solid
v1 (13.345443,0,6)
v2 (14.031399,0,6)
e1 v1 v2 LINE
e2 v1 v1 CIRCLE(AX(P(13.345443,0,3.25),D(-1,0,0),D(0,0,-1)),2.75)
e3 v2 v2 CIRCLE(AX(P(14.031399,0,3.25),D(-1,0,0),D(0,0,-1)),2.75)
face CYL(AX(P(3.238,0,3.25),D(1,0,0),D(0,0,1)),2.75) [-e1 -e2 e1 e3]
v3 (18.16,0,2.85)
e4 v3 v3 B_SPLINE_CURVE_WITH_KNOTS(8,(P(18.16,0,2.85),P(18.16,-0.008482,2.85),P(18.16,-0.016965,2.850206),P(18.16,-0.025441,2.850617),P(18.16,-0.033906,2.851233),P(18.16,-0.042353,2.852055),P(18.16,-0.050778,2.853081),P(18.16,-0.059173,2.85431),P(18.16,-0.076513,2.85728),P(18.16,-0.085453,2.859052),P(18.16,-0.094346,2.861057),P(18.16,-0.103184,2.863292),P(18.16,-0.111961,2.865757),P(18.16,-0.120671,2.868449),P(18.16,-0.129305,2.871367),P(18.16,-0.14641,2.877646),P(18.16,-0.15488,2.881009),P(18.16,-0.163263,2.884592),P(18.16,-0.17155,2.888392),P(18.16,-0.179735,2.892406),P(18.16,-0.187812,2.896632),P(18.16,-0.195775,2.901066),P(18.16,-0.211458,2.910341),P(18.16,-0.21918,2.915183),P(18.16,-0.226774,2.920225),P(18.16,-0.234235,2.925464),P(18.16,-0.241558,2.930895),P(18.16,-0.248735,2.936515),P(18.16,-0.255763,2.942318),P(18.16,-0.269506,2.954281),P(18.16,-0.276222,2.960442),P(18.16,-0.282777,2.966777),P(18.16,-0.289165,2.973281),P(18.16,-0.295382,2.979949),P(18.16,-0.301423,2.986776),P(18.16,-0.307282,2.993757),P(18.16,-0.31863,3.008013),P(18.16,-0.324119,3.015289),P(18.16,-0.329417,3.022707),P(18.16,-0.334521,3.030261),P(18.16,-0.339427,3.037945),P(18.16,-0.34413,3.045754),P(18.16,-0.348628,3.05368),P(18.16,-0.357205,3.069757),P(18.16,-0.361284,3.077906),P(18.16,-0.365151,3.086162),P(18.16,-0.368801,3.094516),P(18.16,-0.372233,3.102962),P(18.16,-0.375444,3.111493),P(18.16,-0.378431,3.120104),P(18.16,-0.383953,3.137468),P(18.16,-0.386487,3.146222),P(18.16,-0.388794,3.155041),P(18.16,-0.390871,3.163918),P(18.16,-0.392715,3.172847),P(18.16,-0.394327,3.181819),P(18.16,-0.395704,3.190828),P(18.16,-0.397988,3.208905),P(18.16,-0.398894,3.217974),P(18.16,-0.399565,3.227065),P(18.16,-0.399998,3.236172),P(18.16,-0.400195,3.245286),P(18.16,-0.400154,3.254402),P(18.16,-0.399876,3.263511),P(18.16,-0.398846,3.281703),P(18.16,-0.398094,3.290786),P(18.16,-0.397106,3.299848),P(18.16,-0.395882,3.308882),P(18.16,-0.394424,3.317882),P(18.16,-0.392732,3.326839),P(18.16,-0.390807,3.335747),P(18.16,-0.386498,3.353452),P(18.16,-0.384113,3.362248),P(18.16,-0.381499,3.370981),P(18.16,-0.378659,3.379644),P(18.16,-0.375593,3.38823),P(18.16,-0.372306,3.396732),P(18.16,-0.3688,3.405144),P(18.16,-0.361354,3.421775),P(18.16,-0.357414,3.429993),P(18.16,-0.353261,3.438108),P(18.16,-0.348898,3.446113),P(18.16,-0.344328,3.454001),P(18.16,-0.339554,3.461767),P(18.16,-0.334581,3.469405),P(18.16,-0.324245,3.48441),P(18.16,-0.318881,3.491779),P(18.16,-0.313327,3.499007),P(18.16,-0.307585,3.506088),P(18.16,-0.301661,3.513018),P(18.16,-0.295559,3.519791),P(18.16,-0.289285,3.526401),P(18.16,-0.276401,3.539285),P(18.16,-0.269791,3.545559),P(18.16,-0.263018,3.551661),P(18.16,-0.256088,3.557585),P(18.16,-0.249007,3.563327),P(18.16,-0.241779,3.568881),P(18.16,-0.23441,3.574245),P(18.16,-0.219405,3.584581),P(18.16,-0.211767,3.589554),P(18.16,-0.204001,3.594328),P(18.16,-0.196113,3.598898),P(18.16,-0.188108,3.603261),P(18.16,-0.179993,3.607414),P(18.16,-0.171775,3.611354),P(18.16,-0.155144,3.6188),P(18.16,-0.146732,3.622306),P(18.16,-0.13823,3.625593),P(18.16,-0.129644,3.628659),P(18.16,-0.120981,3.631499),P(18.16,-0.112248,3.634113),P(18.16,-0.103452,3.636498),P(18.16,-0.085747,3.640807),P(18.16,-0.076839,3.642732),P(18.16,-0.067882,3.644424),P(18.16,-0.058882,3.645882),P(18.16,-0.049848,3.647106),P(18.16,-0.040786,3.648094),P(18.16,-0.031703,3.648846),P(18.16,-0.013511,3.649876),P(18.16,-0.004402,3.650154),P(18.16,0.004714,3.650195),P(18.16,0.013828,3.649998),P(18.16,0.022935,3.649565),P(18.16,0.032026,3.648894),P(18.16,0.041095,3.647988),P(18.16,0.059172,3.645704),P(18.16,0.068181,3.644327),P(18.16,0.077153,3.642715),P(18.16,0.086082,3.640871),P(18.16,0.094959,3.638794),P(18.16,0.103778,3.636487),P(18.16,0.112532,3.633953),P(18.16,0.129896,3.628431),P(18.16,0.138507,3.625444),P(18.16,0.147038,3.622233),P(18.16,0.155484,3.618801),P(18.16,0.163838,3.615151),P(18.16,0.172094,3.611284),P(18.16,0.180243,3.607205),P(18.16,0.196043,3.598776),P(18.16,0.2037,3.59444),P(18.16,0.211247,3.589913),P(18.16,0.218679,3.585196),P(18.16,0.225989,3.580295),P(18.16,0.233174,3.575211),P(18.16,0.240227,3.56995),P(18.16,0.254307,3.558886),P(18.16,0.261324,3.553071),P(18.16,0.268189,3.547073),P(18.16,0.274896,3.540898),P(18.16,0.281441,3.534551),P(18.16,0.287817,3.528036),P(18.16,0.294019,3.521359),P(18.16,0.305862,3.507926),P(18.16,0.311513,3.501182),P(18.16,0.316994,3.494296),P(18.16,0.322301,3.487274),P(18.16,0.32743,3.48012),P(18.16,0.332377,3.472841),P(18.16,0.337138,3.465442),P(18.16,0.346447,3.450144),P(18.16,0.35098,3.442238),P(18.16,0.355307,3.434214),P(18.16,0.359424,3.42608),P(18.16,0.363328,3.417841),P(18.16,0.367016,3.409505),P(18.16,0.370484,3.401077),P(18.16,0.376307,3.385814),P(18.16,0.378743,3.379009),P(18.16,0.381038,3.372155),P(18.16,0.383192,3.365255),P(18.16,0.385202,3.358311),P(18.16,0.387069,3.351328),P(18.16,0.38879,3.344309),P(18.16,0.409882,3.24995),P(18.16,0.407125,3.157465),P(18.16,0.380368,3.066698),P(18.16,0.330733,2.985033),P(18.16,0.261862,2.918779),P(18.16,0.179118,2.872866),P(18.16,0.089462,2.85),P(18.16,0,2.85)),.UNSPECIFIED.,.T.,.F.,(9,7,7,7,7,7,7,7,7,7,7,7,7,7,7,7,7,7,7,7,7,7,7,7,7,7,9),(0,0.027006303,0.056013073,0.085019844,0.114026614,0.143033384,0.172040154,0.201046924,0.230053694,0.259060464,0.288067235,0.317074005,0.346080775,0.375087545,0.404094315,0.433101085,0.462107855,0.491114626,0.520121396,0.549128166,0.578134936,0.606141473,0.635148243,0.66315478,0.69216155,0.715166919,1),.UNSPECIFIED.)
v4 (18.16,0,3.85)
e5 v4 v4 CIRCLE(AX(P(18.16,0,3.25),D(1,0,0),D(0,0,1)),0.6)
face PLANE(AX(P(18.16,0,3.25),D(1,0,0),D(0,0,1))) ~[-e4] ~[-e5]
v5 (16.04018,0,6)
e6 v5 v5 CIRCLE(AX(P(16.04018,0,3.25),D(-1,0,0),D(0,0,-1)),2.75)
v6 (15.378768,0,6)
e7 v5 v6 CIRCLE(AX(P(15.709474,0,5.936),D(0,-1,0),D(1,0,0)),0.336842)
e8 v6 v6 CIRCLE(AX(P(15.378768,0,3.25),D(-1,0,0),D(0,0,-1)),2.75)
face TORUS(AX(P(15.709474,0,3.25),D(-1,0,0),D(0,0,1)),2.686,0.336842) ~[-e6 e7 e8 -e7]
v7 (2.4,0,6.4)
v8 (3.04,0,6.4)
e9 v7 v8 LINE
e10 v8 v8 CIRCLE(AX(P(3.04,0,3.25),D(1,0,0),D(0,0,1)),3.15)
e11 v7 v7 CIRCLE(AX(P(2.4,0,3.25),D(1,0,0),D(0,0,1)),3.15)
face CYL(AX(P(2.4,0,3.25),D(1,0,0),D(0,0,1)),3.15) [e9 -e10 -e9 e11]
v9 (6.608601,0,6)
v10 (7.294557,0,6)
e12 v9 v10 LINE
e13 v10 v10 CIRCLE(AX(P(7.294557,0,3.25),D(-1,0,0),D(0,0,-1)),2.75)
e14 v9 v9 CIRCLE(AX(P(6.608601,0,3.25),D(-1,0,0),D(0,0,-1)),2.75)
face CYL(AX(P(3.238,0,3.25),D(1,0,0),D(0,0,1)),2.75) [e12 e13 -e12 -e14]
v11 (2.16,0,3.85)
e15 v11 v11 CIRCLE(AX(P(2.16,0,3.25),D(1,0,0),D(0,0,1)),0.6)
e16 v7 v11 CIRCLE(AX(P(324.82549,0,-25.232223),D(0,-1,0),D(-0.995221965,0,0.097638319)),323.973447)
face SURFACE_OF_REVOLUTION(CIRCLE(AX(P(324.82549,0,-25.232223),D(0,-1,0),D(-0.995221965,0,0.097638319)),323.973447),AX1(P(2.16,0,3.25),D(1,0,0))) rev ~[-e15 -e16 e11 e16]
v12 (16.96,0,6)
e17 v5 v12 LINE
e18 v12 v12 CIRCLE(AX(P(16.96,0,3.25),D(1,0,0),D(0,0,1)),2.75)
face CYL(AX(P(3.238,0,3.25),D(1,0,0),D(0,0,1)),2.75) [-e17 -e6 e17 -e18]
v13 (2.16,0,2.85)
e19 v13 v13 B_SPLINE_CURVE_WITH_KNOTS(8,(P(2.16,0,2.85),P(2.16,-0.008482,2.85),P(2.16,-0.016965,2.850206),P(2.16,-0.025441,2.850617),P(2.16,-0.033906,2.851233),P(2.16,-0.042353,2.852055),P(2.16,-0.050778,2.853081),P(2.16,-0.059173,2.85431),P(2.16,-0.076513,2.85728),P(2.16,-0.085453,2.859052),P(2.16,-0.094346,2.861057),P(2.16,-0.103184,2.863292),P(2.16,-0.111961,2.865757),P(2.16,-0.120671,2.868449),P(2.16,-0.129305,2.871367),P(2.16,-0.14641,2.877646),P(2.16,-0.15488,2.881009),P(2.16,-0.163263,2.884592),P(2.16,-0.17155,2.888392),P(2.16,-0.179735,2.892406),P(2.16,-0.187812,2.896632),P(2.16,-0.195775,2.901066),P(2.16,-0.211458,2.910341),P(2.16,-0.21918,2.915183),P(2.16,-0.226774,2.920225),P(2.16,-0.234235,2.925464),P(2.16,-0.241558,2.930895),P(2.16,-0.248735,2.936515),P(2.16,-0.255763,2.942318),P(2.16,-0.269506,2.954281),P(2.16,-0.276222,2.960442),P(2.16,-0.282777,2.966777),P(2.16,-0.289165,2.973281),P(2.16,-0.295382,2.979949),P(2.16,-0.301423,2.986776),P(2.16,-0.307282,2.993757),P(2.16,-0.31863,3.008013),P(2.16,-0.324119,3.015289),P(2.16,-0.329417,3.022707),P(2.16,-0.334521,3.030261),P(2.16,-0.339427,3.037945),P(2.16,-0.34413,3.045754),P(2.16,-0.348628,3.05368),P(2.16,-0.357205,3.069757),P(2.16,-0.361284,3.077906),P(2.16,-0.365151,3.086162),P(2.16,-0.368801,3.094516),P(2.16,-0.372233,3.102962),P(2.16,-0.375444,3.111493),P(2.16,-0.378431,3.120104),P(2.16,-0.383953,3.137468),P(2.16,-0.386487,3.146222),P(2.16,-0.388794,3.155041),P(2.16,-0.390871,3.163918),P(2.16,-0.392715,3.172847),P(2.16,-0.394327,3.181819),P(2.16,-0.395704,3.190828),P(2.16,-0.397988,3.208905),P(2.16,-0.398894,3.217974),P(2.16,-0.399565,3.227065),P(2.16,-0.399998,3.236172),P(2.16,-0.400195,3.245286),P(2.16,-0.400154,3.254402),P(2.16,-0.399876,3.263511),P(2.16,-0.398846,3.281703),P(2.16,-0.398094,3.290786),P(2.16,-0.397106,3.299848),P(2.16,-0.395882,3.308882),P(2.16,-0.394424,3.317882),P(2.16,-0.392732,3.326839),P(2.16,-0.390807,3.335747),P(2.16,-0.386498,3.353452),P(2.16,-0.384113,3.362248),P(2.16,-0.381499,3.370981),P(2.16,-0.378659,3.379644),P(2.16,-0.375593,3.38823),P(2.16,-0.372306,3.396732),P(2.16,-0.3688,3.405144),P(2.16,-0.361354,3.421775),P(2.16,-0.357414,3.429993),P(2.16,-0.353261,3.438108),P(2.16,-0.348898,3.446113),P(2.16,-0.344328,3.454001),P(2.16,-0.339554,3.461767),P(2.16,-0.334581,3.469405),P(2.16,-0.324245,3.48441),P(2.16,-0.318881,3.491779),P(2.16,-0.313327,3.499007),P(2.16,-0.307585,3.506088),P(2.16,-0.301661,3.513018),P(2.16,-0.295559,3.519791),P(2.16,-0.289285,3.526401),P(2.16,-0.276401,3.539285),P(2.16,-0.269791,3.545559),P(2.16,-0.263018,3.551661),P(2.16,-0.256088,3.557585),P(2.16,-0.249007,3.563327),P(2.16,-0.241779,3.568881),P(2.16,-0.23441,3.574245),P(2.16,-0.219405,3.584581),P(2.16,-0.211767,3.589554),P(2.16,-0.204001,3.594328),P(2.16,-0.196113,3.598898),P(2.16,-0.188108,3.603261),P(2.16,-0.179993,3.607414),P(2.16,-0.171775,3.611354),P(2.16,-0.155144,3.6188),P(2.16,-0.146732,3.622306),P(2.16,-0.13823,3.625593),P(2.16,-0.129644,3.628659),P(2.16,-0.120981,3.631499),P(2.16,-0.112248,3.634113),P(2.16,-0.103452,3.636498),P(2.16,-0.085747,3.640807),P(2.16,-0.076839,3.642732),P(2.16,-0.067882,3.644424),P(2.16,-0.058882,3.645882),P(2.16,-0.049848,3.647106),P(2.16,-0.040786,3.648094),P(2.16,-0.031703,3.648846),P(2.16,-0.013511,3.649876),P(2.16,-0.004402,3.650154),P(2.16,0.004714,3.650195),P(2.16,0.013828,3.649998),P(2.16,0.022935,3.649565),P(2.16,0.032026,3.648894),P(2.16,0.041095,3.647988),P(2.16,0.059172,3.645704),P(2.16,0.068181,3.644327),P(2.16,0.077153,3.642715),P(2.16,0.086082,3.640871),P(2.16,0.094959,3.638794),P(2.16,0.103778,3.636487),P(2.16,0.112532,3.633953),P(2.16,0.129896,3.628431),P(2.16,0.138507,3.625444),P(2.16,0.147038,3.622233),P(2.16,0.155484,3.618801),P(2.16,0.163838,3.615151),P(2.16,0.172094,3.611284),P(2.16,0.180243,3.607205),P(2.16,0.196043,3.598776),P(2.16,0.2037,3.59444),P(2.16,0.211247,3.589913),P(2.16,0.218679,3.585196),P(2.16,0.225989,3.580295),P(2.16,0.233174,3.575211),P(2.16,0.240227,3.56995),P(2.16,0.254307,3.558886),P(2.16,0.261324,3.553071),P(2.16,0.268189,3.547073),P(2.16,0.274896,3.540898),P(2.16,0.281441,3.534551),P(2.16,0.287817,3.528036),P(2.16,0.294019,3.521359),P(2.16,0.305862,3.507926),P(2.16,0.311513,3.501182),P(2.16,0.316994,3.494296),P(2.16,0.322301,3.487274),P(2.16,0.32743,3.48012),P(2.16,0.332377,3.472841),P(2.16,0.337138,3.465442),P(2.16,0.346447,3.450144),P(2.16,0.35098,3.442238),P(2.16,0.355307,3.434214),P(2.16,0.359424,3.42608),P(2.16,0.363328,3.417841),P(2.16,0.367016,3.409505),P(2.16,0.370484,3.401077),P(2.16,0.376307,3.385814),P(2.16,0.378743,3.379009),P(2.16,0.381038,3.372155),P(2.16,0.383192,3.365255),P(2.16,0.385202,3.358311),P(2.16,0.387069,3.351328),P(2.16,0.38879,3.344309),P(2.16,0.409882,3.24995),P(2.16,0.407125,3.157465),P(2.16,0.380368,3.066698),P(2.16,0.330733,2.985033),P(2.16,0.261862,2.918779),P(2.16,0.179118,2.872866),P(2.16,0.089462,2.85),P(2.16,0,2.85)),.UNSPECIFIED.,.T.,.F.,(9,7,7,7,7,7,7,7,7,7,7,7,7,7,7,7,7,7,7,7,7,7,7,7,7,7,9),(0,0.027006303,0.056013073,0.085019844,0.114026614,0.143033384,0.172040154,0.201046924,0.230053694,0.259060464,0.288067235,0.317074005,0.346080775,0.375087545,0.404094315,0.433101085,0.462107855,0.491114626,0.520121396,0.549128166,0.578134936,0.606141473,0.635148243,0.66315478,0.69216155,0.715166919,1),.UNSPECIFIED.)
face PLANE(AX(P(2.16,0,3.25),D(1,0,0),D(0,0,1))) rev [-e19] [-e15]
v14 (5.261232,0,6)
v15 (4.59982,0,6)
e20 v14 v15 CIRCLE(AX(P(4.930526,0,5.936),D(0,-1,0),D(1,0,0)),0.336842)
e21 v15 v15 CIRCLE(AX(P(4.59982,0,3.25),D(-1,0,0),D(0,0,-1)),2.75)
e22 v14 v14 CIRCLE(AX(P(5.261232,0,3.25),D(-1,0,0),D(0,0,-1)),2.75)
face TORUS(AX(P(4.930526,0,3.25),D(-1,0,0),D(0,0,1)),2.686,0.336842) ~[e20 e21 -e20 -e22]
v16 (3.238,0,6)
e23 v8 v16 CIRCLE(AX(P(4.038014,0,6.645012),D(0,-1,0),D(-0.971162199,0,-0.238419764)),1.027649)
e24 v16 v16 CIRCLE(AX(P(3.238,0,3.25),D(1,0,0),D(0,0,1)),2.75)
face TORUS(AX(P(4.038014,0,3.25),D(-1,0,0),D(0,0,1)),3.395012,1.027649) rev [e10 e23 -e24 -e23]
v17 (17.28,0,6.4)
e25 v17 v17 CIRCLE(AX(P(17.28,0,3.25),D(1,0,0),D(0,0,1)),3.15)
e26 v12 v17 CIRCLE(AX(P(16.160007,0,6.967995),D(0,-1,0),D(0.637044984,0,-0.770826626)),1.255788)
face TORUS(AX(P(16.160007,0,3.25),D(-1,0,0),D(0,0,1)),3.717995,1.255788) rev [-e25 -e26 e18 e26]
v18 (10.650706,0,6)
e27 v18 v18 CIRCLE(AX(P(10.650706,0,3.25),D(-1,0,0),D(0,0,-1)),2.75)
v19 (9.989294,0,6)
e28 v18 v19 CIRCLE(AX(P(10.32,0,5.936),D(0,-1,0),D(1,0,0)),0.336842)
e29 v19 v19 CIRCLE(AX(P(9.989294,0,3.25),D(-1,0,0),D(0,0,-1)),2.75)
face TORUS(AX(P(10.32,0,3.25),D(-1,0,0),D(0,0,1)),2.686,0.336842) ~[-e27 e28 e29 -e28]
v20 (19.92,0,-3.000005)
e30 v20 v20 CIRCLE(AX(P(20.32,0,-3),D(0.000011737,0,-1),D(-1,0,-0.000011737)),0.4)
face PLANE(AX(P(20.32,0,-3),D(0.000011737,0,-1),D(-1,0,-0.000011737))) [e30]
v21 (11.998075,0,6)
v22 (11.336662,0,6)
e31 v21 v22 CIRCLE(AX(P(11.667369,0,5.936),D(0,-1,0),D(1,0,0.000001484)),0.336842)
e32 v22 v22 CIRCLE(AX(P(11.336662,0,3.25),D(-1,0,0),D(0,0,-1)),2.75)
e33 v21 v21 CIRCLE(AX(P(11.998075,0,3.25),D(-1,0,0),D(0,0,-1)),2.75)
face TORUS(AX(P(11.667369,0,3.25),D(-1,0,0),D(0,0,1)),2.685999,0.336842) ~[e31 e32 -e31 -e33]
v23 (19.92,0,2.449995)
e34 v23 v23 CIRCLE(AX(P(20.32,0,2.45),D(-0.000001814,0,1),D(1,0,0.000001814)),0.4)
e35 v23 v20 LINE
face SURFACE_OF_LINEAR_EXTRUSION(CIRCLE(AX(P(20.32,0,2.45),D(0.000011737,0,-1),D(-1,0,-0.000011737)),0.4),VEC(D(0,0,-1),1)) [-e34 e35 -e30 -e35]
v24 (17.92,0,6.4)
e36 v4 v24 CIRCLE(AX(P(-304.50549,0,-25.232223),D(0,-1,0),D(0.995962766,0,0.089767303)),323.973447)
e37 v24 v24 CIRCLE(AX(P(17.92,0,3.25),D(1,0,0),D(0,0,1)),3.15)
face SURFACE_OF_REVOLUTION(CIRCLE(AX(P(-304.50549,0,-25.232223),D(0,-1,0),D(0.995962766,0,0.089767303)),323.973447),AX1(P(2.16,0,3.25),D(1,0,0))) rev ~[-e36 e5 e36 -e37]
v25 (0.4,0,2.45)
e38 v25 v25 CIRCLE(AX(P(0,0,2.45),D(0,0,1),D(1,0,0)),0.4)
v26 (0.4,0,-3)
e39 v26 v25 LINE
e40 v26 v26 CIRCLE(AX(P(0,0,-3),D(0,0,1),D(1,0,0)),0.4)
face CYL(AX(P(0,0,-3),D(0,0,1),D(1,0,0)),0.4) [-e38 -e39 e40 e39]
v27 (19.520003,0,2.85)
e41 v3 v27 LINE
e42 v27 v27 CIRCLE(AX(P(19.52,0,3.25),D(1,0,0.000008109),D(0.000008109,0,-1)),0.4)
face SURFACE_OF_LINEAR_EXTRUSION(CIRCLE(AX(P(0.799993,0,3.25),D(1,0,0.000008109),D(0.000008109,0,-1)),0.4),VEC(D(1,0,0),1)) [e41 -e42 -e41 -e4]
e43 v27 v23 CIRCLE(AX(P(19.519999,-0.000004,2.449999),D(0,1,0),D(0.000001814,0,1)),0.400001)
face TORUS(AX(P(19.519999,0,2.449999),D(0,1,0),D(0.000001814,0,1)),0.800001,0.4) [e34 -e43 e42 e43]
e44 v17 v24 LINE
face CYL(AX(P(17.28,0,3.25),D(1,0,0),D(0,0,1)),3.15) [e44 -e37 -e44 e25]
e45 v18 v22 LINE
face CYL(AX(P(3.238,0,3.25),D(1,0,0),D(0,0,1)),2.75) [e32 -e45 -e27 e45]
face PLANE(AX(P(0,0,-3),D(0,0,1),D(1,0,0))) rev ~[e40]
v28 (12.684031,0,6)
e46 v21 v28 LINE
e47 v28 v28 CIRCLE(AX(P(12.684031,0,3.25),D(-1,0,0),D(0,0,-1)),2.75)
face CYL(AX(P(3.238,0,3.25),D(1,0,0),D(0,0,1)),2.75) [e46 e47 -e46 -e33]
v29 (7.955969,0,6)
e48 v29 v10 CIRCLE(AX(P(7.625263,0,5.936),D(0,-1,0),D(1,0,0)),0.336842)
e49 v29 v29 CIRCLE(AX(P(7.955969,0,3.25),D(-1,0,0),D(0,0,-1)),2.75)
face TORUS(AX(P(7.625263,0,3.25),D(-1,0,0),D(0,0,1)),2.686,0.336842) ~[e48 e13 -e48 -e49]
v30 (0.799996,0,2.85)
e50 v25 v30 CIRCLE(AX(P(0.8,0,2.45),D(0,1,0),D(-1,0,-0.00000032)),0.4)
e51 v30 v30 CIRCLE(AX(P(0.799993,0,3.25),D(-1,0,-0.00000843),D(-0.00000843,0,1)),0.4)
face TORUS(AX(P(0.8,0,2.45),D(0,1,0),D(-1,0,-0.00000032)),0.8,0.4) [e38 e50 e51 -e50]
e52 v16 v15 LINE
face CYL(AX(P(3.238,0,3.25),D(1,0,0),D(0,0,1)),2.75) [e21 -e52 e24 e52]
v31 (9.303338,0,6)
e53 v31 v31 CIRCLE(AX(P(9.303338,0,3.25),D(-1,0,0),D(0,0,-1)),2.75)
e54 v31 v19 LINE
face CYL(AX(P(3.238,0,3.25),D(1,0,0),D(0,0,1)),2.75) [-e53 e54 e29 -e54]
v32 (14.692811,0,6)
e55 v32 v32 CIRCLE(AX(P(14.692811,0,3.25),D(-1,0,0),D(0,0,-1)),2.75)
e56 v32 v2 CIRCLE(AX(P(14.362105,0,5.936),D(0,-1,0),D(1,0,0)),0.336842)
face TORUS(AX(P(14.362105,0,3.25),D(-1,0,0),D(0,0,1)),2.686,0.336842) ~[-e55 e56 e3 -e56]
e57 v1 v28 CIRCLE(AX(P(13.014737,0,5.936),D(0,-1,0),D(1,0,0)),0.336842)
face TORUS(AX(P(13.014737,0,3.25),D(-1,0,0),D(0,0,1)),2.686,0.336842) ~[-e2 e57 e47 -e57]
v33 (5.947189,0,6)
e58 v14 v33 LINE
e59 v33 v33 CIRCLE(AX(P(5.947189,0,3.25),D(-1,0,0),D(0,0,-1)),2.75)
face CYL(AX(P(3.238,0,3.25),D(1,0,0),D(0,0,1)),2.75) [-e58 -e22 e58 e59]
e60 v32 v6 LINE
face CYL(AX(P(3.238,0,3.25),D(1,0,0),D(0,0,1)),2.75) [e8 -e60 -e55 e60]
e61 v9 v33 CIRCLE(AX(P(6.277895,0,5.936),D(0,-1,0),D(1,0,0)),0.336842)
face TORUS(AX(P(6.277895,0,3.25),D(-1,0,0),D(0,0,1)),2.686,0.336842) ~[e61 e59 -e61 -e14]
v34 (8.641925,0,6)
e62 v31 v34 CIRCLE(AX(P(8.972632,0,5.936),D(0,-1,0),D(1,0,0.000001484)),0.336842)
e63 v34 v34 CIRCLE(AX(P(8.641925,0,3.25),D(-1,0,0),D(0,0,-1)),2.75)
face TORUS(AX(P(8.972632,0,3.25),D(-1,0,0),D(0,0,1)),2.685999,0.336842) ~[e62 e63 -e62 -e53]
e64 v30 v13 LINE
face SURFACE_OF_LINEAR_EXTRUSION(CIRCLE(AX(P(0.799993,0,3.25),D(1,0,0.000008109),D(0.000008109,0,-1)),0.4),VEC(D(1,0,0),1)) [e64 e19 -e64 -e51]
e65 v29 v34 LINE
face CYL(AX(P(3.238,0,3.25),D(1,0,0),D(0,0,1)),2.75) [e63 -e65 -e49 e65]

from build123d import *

# Parameters (mm, degrees)
SKETCH_R = 0.4


with BuildPart() as sweep_body:
    # Sweep: sweep along a path in Sketch001
    with BuildLine(Plane.XZ) as sweep_path:
        Line((0, -3), (0, 2.45))
        ThreePointArc((0, 2.45), (0.234312, 3.015683), (0.799993, 3.25))
        Line((0.799993, 3.25), (19.52, 3.25))
        ThreePointArc((19.52, 3.25), (20.085685, 3.015685), (20.32, 2.45))
        Line((20.32, 2.45), (20.32, -3))
    # Sketch → Sweep (sweep)
    with BuildSketch(Plane.XY.offset(-2)):
        Circle(SKETCH_R)
    sweep(path=sweep_path.line)


with BuildPart() as revolution:
    # Sketch002 → Revolution (revolve)
    with BuildSketch(Plane.XZ):
        with BuildLine():
            Line((2.4, 6.4), (3.04, 6.4))
            ThreePointArc((3.04, 6.4), (3.117022, 6.189121), (3.238, 6))
            Line((3.238, 6), (16.96, 6))
            ThreePointArc((16.96, 6), (17.140612, 6.18351), (17.28, 6.4))
            Line((17.28, 6.4), (17.92, 6.4))
            ThreePointArc((18.16, 3.85), (18.04252, 5.125237), (17.92, 6.4))
            Line((18.16, 3.25), (18.16, 3.85))
            Line((2.16, 3.25), (18.16, 3.25))
            Line((2.16, 3.25), (2.16, 3.85))
            ThreePointArc((2.4, 6.4), (2.27748, 5.125237), (2.16, 3.85))
        make_face()
    revolve(axis=Axis((2.16, 0, 3.25), (1, 0, 0)))


with BuildPart() as revolution001_mp_cp:
    # Sketch003 → Revolution001 (revolve)
    with BuildSketch(Plane.XZ):
        with BuildLine():
            ThreePointArc((5.267368, 5.936), (4.930526, 6.272842), (4.593684, 5.936))
            Line((3.92, 5.936), (4.593684, 5.936))
            Line((3.92, 5.936), (3.92, 5.306))
            Line((3.92, 5.306), (16.72, 5.306))
            Line((16.72, 5.306), (16.72, 5.936))
            Line((16.046316, 5.936), (16.72, 5.936))
            ThreePointArc((16.046316, 5.936), (15.709474, 6.272842), (15.372632, 5.936))
            Line((14.698947, 5.936), (15.372632, 5.936))
            ThreePointArc((14.698947, 5.936), (14.362105, 6.272842), (14.025263, 5.936))
            Line((13.351579, 5.936), (14.025263, 5.936))
            ThreePointArc((13.351579, 5.936), (13.014737, 6.272842), (12.677895, 5.936))
            Line((12.004211, 5.936), (12.677895, 5.936))
            ThreePointArc((12.004211, 5.936), (11.667368, 6.272842), (11.330526, 5.936))
            Line((10.656842, 5.936), (11.330526, 5.936))
            ThreePointArc((10.656842, 5.936), (10.32, 6.272842), (9.983158, 5.936))
            Line((9.309474, 5.936), (9.983158, 5.936))
            ThreePointArc((9.309474, 5.936), (8.972632, 6.272842), (8.635789, 5.936))
            Line((7.962105, 5.936), (8.635789, 5.936))
            ThreePointArc((7.962105, 5.936), (7.625263, 6.272842), (7.288421, 5.936))
            Line((6.614737, 5.936), (7.288421, 5.936))
            ThreePointArc((6.614737, 5.936), (6.277895, 6.272842), (5.941053, 5.936))
            Line((5.267368, 5.936), (5.941053, 5.936))
        make_face()
    revolve(axis=Axis((2.56, 0, 3.25), (1, 0, 0)))

    # Revolution001_mp_cp: union Sweep body, Revolution
    add(sweep_body.part)
    add(revolution.part)


solid = revolution001_mp_cp.part
